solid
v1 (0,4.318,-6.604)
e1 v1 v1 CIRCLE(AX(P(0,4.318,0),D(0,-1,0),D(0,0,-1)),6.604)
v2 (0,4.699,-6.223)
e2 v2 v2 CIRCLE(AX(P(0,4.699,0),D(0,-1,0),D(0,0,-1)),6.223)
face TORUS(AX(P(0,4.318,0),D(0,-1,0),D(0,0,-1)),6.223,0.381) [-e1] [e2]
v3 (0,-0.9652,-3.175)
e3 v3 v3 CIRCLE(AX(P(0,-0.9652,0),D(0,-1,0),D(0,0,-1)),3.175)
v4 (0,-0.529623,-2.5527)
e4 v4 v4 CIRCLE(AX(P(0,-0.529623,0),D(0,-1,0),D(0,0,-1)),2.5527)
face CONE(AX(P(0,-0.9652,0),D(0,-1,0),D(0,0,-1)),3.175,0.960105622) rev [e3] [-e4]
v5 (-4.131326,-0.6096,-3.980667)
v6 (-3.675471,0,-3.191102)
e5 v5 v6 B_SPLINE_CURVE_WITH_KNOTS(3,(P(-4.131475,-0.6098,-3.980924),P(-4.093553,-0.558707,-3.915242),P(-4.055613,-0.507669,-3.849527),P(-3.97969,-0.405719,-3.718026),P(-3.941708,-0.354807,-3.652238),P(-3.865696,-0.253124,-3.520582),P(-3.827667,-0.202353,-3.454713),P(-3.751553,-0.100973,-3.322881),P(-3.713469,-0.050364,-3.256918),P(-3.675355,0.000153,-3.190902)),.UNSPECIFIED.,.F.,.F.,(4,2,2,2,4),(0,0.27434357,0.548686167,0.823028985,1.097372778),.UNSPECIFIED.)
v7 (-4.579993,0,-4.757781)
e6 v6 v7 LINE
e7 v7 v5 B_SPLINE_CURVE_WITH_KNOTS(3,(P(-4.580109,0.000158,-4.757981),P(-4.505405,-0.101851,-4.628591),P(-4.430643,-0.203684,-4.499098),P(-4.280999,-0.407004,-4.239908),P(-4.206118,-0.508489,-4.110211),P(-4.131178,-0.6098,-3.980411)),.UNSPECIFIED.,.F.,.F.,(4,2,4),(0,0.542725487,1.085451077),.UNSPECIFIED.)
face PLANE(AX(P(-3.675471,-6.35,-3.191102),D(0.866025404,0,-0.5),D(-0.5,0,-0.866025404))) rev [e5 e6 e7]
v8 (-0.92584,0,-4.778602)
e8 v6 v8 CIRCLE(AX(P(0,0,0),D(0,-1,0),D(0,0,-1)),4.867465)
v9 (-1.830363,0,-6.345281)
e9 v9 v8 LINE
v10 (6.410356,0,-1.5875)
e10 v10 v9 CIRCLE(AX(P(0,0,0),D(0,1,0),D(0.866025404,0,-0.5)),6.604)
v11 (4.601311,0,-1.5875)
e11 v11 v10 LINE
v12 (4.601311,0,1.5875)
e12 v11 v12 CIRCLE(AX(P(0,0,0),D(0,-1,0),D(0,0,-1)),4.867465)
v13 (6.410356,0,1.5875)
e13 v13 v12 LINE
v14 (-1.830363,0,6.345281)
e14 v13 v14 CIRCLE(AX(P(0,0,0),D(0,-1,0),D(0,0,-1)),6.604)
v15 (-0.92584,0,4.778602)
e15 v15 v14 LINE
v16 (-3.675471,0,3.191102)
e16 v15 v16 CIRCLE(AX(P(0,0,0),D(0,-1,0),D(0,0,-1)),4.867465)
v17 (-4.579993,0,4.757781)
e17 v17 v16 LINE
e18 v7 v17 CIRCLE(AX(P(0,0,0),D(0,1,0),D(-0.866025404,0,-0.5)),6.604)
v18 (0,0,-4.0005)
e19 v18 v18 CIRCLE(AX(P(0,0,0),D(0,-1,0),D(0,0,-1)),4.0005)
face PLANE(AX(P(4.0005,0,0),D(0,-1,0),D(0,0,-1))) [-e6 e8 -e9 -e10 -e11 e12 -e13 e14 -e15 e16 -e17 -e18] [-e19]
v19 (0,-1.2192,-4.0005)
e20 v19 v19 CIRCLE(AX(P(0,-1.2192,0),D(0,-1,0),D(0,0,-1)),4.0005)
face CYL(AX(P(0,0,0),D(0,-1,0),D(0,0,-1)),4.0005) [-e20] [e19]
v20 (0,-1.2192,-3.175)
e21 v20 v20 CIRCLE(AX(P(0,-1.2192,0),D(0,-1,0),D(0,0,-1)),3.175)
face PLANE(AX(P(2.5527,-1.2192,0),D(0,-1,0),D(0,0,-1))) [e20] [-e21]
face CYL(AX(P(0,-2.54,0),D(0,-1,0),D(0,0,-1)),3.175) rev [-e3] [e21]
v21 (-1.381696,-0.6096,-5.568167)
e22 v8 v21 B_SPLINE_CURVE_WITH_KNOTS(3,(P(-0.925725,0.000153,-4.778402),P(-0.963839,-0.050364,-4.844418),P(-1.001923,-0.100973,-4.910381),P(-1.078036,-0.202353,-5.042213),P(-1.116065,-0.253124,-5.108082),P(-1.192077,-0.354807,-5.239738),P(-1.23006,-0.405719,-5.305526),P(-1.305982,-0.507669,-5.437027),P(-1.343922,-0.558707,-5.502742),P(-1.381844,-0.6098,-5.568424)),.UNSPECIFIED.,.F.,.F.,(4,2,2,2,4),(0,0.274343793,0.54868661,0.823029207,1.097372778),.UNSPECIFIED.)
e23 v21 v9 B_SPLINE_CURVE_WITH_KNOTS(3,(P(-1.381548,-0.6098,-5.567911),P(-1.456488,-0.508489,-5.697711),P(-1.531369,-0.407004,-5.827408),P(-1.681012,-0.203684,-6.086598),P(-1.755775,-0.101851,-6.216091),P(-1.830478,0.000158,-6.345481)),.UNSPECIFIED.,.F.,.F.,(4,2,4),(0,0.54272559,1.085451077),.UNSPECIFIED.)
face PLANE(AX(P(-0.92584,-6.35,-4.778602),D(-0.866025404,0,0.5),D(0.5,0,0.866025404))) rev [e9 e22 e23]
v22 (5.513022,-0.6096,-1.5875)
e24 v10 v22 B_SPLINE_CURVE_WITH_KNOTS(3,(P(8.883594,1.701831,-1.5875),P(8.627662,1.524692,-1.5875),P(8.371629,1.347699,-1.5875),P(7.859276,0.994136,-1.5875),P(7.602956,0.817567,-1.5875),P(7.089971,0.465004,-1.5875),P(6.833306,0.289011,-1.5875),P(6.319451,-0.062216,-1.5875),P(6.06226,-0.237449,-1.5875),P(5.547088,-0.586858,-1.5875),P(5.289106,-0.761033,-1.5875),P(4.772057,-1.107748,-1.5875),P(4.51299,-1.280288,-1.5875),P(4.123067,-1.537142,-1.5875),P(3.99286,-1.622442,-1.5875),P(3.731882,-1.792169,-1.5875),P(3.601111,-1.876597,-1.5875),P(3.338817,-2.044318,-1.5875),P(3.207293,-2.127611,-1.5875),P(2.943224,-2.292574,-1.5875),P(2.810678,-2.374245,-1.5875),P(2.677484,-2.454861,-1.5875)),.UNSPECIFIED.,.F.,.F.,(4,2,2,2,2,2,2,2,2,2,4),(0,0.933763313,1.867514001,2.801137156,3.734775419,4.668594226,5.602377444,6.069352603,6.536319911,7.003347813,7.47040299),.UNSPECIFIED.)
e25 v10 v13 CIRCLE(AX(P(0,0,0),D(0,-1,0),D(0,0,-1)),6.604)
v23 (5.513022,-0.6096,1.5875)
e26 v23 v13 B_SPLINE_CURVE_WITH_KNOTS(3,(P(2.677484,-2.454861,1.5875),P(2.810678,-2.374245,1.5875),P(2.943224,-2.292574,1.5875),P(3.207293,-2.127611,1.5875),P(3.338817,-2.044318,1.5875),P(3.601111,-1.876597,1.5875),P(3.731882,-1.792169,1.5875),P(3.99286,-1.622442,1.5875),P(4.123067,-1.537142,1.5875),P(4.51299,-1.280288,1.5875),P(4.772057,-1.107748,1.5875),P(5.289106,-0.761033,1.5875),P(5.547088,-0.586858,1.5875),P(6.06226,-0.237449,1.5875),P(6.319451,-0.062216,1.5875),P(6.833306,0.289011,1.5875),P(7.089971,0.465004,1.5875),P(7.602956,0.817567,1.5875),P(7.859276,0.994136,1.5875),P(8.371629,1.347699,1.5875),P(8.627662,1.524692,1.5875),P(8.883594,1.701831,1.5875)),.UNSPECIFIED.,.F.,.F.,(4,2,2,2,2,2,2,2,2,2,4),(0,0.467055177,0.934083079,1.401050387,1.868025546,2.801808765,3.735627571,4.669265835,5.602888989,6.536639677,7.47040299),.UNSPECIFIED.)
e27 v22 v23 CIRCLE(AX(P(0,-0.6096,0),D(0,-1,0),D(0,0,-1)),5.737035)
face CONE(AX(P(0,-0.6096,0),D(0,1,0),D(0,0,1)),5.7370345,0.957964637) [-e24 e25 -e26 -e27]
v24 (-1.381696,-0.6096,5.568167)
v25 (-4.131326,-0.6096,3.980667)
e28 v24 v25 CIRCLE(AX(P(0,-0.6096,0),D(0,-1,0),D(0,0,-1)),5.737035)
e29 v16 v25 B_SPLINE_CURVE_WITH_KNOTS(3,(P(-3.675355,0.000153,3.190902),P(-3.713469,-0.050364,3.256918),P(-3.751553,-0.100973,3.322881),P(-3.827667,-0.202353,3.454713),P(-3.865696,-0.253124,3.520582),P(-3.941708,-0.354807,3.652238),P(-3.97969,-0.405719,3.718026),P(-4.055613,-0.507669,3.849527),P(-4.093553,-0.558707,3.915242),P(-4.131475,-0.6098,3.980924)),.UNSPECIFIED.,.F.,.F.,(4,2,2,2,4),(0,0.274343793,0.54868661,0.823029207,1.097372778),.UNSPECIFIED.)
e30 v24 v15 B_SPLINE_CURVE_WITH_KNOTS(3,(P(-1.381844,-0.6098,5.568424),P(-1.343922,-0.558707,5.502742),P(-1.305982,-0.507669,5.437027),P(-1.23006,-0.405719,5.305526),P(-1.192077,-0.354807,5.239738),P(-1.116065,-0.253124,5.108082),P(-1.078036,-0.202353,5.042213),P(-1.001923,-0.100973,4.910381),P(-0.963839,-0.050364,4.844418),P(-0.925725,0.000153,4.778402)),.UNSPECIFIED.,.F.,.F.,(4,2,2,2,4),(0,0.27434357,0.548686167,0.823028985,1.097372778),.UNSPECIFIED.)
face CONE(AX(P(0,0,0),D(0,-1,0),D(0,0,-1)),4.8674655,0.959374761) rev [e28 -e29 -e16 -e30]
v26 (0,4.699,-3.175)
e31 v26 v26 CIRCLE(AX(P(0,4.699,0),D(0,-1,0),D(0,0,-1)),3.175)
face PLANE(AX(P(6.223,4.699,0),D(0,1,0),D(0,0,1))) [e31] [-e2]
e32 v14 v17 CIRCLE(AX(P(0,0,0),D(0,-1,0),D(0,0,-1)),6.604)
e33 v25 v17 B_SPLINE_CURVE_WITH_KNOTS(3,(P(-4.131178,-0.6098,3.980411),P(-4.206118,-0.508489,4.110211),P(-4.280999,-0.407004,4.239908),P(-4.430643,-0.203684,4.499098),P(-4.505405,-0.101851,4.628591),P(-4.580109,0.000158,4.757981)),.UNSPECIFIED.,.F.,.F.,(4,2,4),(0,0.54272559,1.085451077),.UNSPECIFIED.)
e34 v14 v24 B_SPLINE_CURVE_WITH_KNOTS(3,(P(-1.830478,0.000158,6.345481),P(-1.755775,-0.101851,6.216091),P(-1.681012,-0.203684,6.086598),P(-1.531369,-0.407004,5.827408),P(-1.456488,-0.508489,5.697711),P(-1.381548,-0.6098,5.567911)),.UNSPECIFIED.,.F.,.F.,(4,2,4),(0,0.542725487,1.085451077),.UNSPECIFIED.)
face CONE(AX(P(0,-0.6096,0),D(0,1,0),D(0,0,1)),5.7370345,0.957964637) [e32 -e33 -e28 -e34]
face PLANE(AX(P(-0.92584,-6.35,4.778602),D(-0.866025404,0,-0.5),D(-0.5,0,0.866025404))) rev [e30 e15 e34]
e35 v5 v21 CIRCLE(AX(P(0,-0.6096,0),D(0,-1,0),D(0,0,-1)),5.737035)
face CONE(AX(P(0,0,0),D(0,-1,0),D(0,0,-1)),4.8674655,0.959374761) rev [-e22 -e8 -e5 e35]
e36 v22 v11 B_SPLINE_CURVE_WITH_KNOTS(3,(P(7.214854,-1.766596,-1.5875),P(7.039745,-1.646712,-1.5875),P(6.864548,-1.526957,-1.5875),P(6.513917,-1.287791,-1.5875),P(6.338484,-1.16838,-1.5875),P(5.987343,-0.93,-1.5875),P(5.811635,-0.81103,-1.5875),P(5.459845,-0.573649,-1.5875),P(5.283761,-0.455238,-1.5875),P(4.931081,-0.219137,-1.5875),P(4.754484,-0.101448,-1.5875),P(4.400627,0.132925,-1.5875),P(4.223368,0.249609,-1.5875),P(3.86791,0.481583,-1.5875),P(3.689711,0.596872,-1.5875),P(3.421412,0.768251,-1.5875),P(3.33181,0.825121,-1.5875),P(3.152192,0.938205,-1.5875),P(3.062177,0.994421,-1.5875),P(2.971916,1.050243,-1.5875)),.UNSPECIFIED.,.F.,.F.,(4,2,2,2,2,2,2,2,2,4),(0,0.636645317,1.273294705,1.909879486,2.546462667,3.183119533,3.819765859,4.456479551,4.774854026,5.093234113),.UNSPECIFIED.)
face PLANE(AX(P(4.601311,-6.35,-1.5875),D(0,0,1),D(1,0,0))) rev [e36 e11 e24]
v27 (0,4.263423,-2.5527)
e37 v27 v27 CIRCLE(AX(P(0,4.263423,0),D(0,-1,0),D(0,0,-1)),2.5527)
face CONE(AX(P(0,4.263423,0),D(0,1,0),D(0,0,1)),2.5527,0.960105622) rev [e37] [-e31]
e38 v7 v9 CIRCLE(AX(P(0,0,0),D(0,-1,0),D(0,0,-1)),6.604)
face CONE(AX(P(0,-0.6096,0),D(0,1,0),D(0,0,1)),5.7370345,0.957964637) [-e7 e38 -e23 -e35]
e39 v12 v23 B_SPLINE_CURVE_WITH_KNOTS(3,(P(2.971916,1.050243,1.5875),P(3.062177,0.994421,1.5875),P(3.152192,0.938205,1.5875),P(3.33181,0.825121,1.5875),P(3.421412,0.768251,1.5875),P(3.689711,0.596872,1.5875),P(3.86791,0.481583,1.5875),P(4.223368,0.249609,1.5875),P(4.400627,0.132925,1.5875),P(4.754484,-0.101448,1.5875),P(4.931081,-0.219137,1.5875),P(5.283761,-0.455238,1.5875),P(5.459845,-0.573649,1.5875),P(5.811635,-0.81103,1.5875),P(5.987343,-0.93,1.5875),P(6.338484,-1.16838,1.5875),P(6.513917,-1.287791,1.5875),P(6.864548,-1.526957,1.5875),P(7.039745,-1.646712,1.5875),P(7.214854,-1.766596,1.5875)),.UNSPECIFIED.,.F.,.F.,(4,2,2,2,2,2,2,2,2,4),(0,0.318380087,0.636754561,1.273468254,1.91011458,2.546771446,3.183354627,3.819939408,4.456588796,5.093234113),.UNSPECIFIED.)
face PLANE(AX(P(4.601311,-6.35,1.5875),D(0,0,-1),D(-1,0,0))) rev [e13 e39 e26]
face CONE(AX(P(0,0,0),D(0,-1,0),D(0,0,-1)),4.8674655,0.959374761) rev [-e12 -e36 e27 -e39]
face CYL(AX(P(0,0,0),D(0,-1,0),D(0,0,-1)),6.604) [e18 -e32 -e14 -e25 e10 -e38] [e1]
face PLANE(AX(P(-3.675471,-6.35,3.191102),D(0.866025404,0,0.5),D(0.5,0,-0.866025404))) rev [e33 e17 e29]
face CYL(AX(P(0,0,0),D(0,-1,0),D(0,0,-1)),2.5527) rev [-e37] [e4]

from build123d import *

# Parameters (mm, degrees)
LUGGAP_DEPTH    = 6.35
LUGGAPPAT_COUNT = 3


with BuildPart() as part:
    # BodySke → Body (revolve)
    with BuildSketch(Plane.XY, mode=Mode.PRIVATE) as body_sk:
        with BuildLine():
            Line((4.0005, 0), (4.8674655, 0))
            Line((4.8674655, 0), (5.7370345, -0.6096))
            Line((5.7370345, -0.6096), (6.604, 0))
            Line((6.604, 0), (6.604, 4.318))
            ThreePointArc((6.604, 4.318), (6.492407684, 4.587407684), (6.223, 4.699))
            Line((6.223, 4.699), (2.5527, 4.699))
            Line((2.5527, 4.699), (2.5527, -1.2192))
            Line((2.5527, -1.2192), (4.0005, -1.2192))
            Line((4.0005, -1.2192), (4.0005, 0))
        make_face()
    revolve(body_sk.sketch.rotate(Axis((0, 4.318, 0), (0, 1, 0)), 90), axis=Axis((0, 4.318, 0), (0, 1, 0)))

    # EndChamferSke → EndChamfer (revolve, cut)
    with BuildSketch(Plane.XY, mode=Mode.PRIVATE) as endchamfer_sk:
        Polygon((3.175, -1.4732), (3.175, -0.9652), (2.5527, -0.529622692), (2.5527, -1.4732), align=None)
        Polygon((3.175, 4.699), (2.5527, 4.263422692), (2.5527, 4.699), align=None)
    revolve(endchamfer_sk.sketch.rotate(Axis((0, -2.54, 0), (0, 1, 0)), 90), axis=Axis((0, -2.54, 0), (0, 1, 0)), mode=Mode.SUBTRACT)

    # LugGapSke → LugGap (cut)
    with BuildSketch(Plane(origin=(0, 0, 0), x_dir=(1, 0, 0), z_dir=(0, 1, 0))):
        with BuildLine():
            Line((-0.925840238, -4.778602332), (-1.830362504, -6.345280853))
            ThreePointArc((-1.830362504, -6.345280853), (3.302, -5.719231767), (6.410355665, -1.5875))
            Line((6.410355665, -1.5875), (4.601311133, -1.5875))
            ThreePointArc((4.601311133, -1.5875), (2.43373275, -4.215348775), (-0.925840238, -4.778602332))
        make_face()
    luggap = extrude(amount=-LUGGAP_DEPTH, mode=Mode.SUBTRACT)

    # LugGapPat: LugGap ×3 about axis
    luggappat_axis = Axis((0, 0, 0), (0, 1, 0))
    for i in range(1, LUGGAPPAT_COUNT):
        add(luggap.rotate(luggappat_axis, i * 360 / LUGGAPPAT_COUNT), mode=Mode.SUBTRACT)


solid = part.part
